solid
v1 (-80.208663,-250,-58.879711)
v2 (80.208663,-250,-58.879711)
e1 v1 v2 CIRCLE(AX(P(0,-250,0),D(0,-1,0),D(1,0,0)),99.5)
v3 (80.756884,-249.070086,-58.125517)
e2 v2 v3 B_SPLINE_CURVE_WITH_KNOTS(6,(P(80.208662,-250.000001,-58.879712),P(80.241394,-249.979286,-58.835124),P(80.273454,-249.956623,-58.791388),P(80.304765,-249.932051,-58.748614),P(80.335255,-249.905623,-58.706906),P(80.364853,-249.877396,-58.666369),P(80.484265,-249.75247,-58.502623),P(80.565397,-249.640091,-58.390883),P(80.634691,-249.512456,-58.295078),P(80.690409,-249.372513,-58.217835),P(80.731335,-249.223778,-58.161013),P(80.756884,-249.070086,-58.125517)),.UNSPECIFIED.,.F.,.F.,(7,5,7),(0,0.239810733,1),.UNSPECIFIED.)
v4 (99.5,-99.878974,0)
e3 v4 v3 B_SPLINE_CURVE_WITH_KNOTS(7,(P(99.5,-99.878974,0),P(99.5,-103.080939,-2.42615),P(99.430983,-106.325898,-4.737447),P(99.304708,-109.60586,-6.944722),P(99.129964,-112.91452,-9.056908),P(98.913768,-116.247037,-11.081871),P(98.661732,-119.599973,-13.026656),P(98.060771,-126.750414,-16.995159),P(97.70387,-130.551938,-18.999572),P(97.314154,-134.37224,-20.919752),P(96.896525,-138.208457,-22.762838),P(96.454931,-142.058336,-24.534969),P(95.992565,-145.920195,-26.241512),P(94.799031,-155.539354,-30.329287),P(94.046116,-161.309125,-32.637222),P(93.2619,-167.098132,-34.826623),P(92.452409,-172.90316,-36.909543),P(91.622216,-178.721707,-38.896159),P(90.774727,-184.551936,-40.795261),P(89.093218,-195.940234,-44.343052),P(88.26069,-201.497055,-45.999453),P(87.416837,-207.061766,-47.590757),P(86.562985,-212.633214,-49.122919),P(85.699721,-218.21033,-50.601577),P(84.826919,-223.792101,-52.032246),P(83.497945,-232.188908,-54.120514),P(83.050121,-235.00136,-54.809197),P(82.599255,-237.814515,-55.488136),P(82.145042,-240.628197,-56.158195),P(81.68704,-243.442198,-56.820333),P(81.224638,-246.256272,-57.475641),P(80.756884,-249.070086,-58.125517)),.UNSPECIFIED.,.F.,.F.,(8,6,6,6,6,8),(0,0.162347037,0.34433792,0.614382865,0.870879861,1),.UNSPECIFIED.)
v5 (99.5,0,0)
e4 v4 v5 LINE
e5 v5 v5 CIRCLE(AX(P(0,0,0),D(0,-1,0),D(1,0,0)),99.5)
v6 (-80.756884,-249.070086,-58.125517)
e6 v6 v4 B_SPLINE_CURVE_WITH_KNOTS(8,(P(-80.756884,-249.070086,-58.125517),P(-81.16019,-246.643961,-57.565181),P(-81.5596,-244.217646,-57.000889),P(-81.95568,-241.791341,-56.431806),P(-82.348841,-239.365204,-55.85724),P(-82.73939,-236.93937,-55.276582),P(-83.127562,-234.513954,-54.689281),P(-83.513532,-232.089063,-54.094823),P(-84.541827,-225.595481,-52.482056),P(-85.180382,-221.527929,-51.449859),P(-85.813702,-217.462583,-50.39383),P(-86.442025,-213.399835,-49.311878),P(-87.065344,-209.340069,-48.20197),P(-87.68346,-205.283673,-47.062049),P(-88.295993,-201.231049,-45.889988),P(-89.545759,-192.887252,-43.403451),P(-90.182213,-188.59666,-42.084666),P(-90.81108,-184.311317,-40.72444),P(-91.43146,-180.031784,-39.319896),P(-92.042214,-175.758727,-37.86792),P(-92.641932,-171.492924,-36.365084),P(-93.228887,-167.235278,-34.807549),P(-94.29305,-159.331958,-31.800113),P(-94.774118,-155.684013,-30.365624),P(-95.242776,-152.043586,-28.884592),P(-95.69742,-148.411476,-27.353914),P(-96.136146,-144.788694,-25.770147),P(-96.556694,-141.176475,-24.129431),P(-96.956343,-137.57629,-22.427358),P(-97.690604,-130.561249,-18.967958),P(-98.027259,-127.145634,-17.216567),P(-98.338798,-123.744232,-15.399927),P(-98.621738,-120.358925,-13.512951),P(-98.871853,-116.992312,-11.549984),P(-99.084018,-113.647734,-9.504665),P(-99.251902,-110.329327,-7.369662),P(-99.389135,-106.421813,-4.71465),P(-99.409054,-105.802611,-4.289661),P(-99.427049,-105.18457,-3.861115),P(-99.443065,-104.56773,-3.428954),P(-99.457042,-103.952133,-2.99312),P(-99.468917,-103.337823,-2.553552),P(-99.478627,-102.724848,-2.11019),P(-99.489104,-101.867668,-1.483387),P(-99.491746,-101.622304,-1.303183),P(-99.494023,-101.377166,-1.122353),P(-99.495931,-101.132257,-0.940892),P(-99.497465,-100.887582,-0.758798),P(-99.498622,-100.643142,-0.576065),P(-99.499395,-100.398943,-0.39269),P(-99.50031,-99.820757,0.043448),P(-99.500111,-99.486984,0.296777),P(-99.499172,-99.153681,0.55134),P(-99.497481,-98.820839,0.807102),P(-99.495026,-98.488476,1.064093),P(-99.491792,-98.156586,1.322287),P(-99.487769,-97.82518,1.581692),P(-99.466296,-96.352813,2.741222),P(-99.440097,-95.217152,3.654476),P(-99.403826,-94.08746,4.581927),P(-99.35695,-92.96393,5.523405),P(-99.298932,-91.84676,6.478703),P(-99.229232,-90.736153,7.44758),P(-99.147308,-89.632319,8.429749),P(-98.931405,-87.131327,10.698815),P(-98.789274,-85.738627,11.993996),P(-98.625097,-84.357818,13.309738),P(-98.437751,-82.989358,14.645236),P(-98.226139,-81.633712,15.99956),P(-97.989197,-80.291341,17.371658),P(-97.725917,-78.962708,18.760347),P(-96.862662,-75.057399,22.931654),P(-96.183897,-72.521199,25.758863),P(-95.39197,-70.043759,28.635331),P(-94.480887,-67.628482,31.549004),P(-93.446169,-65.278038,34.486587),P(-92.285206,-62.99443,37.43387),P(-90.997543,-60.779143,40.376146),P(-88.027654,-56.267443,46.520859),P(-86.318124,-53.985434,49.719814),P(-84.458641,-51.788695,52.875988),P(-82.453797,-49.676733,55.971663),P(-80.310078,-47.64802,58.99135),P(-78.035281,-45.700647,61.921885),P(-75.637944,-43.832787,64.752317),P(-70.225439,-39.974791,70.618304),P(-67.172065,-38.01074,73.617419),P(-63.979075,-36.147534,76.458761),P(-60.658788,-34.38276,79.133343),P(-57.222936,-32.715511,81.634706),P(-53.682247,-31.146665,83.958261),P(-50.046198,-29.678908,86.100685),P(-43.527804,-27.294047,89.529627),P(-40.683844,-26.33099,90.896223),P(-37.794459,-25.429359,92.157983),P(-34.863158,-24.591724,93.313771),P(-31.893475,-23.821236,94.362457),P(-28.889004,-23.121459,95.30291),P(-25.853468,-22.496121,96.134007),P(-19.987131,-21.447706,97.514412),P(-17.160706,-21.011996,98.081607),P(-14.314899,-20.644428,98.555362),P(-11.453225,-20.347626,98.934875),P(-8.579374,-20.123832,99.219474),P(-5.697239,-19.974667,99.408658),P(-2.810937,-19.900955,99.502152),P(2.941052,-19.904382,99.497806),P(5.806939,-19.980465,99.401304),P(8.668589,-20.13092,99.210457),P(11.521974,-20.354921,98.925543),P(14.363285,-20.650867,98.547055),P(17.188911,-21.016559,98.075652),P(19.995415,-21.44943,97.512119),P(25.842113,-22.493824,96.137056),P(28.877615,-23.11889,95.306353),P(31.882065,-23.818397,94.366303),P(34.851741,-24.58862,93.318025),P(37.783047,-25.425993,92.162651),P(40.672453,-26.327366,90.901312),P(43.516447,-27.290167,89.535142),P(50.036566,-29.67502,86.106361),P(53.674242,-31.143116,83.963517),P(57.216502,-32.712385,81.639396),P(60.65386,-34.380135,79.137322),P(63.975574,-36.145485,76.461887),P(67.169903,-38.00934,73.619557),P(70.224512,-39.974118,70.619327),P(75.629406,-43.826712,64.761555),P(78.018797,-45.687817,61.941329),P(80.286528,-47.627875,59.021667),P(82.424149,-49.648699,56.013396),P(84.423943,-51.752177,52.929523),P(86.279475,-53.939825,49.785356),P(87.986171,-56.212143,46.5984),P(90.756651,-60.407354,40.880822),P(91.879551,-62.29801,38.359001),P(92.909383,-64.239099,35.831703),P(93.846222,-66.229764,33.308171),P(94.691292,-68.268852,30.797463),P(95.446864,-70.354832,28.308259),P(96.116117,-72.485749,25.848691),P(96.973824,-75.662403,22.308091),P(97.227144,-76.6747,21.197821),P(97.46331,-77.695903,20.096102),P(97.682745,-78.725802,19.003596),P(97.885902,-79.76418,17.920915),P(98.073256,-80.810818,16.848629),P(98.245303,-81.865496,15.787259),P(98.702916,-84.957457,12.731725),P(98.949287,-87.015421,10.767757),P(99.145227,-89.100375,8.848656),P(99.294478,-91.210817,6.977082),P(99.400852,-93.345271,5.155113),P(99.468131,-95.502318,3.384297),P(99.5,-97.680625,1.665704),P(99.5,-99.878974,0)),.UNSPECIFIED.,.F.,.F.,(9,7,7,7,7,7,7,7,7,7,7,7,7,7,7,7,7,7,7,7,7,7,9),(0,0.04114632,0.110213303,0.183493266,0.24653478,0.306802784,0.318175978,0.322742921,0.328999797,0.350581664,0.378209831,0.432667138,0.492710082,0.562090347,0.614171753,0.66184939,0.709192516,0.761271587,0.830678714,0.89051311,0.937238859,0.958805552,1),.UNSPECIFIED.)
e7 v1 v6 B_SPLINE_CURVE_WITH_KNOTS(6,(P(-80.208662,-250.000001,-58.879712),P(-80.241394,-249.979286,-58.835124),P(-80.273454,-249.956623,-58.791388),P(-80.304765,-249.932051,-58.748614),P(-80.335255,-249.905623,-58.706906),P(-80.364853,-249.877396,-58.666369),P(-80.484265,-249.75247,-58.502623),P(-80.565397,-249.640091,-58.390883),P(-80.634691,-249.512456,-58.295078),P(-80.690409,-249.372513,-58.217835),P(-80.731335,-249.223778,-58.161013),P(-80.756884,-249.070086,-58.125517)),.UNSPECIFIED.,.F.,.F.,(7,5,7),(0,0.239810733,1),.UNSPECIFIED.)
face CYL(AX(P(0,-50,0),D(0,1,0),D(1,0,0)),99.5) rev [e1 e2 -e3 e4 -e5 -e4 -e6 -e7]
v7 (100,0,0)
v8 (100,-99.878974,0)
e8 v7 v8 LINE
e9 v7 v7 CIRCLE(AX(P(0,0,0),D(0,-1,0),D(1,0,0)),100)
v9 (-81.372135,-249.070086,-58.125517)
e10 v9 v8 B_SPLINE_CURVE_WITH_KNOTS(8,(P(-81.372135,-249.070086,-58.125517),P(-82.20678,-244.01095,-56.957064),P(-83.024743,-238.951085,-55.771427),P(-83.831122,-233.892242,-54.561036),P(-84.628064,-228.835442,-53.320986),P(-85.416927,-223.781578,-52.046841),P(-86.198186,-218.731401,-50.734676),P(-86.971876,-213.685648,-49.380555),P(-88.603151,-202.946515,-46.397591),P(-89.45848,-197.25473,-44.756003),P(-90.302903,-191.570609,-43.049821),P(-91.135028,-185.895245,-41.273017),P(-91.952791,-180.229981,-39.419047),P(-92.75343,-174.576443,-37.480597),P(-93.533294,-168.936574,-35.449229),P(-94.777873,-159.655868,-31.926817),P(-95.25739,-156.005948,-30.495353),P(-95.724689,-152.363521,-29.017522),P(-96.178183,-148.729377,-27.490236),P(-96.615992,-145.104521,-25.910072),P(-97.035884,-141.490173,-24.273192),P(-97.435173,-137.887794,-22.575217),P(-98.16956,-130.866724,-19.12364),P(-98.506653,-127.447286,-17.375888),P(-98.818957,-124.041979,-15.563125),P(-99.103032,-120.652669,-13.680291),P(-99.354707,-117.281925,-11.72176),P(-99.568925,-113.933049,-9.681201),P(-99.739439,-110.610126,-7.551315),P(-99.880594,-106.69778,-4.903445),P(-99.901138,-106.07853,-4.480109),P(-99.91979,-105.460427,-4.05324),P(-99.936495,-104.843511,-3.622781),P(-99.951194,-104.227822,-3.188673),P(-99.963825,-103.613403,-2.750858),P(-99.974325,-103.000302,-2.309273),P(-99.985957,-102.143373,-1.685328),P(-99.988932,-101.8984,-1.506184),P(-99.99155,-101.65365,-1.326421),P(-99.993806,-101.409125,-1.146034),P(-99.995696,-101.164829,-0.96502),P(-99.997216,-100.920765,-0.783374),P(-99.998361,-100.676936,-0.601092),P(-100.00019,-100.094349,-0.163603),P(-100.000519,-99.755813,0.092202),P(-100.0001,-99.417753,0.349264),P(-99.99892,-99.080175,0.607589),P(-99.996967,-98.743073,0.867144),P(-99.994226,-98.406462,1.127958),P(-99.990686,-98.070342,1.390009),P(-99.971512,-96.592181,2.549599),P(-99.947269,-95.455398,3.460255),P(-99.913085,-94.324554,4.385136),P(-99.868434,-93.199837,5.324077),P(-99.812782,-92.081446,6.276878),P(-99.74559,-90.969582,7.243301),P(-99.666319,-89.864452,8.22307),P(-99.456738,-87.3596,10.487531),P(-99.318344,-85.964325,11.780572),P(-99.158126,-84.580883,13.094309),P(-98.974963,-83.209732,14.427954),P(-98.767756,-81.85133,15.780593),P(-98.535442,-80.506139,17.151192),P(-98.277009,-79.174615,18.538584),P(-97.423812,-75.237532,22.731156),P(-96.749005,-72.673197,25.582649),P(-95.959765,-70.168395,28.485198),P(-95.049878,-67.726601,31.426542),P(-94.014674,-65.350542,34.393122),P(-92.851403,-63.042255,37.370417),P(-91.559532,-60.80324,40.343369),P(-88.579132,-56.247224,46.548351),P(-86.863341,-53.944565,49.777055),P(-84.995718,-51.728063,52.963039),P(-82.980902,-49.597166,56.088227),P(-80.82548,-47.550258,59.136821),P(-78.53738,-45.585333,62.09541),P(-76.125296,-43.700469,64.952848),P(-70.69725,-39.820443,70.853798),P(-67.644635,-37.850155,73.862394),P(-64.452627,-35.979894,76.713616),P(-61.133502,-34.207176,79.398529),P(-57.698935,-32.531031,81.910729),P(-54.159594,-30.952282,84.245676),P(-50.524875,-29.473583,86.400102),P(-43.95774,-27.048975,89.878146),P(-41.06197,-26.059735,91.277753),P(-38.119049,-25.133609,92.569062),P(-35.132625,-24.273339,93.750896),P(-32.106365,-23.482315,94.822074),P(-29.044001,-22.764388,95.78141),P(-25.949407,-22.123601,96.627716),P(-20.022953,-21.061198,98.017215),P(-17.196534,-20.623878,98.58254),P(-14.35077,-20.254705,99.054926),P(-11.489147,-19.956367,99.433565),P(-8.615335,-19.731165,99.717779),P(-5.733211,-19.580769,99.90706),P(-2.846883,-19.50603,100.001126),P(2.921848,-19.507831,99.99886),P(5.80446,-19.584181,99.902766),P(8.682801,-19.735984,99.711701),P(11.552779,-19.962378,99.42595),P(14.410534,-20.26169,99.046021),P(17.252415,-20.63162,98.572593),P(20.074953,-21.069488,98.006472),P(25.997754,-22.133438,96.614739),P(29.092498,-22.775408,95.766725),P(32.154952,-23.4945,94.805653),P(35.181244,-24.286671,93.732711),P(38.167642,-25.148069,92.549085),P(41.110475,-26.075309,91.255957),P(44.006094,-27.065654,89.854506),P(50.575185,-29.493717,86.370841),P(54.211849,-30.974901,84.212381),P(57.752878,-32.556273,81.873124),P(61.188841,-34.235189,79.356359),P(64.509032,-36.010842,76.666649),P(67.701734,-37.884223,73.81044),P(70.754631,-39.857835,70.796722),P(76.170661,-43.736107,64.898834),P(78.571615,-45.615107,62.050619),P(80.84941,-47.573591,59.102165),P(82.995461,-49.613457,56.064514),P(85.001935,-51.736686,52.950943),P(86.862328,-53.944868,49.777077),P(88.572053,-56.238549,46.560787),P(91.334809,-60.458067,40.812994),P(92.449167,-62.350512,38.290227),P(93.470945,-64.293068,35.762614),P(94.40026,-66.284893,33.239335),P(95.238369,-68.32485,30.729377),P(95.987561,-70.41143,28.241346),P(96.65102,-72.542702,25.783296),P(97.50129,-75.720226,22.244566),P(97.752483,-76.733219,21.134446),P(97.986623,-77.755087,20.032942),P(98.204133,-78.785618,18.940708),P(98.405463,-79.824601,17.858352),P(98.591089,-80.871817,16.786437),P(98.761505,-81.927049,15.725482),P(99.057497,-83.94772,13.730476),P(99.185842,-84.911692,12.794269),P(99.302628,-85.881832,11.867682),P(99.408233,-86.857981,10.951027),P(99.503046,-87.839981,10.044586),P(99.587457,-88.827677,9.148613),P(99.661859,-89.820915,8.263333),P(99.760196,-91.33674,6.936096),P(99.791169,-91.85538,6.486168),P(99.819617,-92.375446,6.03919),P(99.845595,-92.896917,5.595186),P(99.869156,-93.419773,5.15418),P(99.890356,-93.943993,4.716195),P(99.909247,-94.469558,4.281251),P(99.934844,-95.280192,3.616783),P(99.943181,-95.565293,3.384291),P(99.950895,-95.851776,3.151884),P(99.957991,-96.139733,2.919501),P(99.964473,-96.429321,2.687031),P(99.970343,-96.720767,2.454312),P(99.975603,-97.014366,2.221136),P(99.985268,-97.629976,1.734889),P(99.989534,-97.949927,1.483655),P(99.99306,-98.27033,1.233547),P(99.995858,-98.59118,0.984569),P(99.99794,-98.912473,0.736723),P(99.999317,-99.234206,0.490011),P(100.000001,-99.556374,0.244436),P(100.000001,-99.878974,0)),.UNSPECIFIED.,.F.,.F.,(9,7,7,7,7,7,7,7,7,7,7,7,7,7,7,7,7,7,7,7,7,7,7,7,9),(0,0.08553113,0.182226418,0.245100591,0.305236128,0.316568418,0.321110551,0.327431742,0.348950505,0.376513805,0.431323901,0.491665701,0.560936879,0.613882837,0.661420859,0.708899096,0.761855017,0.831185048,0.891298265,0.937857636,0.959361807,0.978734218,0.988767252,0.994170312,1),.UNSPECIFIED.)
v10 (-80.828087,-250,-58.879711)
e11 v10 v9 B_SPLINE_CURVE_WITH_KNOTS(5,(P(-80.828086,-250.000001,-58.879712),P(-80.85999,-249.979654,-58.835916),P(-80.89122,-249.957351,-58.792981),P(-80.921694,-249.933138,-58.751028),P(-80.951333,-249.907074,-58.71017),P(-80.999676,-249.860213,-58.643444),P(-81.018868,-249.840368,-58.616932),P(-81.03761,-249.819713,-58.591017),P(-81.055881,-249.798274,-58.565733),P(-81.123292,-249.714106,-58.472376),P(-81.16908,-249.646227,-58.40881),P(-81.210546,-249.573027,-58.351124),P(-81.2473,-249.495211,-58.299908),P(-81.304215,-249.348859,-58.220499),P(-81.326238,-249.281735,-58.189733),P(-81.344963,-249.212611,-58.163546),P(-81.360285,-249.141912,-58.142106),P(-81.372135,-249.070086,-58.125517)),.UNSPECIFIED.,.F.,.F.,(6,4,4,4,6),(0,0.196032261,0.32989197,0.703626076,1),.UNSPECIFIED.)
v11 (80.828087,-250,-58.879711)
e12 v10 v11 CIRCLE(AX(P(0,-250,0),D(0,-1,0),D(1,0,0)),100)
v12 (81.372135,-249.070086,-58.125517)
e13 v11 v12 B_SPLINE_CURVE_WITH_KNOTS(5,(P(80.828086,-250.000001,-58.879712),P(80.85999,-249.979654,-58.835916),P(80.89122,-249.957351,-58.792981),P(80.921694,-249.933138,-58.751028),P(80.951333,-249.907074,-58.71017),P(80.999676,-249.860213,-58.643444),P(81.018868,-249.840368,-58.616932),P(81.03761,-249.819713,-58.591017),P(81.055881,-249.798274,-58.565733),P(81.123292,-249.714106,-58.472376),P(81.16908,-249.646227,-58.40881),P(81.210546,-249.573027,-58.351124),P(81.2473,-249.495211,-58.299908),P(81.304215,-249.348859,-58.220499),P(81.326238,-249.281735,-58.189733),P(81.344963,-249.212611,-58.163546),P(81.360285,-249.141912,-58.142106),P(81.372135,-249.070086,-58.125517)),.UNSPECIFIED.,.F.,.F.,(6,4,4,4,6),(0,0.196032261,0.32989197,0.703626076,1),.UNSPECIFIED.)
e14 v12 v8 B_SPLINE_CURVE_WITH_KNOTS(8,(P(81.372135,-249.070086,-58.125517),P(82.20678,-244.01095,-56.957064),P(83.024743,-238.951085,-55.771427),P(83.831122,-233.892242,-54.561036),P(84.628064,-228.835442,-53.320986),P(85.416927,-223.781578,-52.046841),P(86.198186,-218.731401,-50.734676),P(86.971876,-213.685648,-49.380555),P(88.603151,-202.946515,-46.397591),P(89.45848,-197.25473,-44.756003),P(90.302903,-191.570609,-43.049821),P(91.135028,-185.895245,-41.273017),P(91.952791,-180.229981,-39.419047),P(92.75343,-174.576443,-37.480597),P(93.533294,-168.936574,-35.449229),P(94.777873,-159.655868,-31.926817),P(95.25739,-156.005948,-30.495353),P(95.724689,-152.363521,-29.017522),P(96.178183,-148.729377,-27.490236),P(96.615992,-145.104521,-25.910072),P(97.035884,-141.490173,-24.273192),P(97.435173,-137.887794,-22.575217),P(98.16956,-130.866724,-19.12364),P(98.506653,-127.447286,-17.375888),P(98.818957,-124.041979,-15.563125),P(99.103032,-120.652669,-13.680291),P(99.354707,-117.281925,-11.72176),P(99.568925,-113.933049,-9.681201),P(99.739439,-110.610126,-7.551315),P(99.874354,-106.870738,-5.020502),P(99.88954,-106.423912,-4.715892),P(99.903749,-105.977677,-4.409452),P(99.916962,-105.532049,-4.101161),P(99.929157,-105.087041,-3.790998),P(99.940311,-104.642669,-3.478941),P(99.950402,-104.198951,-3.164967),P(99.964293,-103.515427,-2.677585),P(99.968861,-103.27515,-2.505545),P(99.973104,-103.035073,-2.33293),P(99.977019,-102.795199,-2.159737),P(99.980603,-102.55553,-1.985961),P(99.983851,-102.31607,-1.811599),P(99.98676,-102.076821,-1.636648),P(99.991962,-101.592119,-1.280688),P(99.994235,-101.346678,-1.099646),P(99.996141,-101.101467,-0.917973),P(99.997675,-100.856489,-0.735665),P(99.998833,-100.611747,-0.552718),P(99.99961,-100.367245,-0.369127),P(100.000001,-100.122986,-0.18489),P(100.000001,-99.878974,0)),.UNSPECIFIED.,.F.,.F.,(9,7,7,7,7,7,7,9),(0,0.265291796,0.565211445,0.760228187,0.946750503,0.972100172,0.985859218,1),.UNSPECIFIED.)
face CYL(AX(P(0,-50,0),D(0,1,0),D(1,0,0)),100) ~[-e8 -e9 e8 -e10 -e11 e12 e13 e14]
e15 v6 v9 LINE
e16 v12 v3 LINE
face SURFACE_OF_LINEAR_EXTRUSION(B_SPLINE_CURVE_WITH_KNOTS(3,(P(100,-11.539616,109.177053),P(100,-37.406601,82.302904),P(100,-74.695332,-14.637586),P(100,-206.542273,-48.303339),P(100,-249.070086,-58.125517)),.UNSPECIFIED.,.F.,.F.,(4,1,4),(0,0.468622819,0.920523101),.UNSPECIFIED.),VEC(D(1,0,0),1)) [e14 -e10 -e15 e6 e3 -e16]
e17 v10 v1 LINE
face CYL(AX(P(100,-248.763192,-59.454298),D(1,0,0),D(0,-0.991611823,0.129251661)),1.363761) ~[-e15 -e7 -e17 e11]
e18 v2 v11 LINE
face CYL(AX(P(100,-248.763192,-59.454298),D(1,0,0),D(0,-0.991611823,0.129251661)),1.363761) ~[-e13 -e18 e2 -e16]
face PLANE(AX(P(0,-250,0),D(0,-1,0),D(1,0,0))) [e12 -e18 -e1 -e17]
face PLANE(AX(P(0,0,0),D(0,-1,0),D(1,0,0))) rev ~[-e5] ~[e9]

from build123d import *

# Parameters (mm, degrees)
F0_R     = 100
F0_R_2   = 99.5
F1_DEPTH = 50
F3_R     = 100
F3_R_2   = 99.5
F4_DEPTH = 200
F7_DEPTH = 222


with BuildPart() as f1:
    # F0 (on Front) → F1 (new body)
    with BuildSketch(Plane.XZ):
        Circle(F0_R)
        Circle(F0_R_2, mode=Mode.SUBTRACT)
    extrude(amount=F1_DEPTH)

    # F3 (on offset) → F4 (join)
    with BuildSketch(Plane.XZ.offset(50)):
        Circle(F3_R)
        Circle(F3_R_2, mode=Mode.SUBTRACT)
    extrude(amount=F4_DEPTH)

    # F6 (on offset) → F7 (cut)
    with BuildSketch(Plane.YZ.offset(100)):
        with BuildLine():
            add(Edge.make_bspline(
                [(-11.5396156907, 109.1770529747), (-37.40660144, 82.3029038002), (-74.6953320253, -14.6375859027), (-206.542273136, -48.3033385091), (-249.0700861085, -58.1255167434)],
                knots=[0, 0, 0, 0, 0.4686228188, 0.9205231007, 0.9205231007, 0.9205231007, 0.9205231007], degree=3))
            Line((-11.5396156907, 109.1770529747), (-268.6304729415, 109.1770529747))
            Line((-268.6304729415, 109.1770529747), (-269.2039608955, -62.7321824431))
            add(Edge.make_bspline(
                [(-249.0700861085, -58.1255167434), (-256.5495652028, -59.8529692417), (-263.3424316326, -61.3730310201), (-269.2039608955, -62.7321824431)],
                knots=[0.9205231007, 0.9205231007, 0.9205231007, 0.9205231007, 1, 1, 1, 1], degree=3))
        make_face()
        with BuildLine():
            ThreePointArc((-250.1155138016, -59.2780299485), (-249.7733014387, -58.5380431181), (-249.0700861085, -58.1255167434))
            add(Edge.make_bspline(
                [(-249.0700861085, -58.1255167434), (-256.5495652028, -59.8529692417), (-263.3424316326, -61.3730310201), (-269.2039608955, -62.7321824431)],
                knots=[0.9205231007, 0.9205231007, 0.9205231007, 0.9205231007, 1, 1, 1, 1], degree=3))
            Line((-269.2039608955, -62.7321824431), (-254.4201612473, -60.6556199491))
            Line((-254.4201612473, -60.6556199491), (-250.1155138016, -59.2780299485))
        make_face()
    extrude(amount=-F7_DEPTH, mode=Mode.SUBTRACT)


solid = f1.part
